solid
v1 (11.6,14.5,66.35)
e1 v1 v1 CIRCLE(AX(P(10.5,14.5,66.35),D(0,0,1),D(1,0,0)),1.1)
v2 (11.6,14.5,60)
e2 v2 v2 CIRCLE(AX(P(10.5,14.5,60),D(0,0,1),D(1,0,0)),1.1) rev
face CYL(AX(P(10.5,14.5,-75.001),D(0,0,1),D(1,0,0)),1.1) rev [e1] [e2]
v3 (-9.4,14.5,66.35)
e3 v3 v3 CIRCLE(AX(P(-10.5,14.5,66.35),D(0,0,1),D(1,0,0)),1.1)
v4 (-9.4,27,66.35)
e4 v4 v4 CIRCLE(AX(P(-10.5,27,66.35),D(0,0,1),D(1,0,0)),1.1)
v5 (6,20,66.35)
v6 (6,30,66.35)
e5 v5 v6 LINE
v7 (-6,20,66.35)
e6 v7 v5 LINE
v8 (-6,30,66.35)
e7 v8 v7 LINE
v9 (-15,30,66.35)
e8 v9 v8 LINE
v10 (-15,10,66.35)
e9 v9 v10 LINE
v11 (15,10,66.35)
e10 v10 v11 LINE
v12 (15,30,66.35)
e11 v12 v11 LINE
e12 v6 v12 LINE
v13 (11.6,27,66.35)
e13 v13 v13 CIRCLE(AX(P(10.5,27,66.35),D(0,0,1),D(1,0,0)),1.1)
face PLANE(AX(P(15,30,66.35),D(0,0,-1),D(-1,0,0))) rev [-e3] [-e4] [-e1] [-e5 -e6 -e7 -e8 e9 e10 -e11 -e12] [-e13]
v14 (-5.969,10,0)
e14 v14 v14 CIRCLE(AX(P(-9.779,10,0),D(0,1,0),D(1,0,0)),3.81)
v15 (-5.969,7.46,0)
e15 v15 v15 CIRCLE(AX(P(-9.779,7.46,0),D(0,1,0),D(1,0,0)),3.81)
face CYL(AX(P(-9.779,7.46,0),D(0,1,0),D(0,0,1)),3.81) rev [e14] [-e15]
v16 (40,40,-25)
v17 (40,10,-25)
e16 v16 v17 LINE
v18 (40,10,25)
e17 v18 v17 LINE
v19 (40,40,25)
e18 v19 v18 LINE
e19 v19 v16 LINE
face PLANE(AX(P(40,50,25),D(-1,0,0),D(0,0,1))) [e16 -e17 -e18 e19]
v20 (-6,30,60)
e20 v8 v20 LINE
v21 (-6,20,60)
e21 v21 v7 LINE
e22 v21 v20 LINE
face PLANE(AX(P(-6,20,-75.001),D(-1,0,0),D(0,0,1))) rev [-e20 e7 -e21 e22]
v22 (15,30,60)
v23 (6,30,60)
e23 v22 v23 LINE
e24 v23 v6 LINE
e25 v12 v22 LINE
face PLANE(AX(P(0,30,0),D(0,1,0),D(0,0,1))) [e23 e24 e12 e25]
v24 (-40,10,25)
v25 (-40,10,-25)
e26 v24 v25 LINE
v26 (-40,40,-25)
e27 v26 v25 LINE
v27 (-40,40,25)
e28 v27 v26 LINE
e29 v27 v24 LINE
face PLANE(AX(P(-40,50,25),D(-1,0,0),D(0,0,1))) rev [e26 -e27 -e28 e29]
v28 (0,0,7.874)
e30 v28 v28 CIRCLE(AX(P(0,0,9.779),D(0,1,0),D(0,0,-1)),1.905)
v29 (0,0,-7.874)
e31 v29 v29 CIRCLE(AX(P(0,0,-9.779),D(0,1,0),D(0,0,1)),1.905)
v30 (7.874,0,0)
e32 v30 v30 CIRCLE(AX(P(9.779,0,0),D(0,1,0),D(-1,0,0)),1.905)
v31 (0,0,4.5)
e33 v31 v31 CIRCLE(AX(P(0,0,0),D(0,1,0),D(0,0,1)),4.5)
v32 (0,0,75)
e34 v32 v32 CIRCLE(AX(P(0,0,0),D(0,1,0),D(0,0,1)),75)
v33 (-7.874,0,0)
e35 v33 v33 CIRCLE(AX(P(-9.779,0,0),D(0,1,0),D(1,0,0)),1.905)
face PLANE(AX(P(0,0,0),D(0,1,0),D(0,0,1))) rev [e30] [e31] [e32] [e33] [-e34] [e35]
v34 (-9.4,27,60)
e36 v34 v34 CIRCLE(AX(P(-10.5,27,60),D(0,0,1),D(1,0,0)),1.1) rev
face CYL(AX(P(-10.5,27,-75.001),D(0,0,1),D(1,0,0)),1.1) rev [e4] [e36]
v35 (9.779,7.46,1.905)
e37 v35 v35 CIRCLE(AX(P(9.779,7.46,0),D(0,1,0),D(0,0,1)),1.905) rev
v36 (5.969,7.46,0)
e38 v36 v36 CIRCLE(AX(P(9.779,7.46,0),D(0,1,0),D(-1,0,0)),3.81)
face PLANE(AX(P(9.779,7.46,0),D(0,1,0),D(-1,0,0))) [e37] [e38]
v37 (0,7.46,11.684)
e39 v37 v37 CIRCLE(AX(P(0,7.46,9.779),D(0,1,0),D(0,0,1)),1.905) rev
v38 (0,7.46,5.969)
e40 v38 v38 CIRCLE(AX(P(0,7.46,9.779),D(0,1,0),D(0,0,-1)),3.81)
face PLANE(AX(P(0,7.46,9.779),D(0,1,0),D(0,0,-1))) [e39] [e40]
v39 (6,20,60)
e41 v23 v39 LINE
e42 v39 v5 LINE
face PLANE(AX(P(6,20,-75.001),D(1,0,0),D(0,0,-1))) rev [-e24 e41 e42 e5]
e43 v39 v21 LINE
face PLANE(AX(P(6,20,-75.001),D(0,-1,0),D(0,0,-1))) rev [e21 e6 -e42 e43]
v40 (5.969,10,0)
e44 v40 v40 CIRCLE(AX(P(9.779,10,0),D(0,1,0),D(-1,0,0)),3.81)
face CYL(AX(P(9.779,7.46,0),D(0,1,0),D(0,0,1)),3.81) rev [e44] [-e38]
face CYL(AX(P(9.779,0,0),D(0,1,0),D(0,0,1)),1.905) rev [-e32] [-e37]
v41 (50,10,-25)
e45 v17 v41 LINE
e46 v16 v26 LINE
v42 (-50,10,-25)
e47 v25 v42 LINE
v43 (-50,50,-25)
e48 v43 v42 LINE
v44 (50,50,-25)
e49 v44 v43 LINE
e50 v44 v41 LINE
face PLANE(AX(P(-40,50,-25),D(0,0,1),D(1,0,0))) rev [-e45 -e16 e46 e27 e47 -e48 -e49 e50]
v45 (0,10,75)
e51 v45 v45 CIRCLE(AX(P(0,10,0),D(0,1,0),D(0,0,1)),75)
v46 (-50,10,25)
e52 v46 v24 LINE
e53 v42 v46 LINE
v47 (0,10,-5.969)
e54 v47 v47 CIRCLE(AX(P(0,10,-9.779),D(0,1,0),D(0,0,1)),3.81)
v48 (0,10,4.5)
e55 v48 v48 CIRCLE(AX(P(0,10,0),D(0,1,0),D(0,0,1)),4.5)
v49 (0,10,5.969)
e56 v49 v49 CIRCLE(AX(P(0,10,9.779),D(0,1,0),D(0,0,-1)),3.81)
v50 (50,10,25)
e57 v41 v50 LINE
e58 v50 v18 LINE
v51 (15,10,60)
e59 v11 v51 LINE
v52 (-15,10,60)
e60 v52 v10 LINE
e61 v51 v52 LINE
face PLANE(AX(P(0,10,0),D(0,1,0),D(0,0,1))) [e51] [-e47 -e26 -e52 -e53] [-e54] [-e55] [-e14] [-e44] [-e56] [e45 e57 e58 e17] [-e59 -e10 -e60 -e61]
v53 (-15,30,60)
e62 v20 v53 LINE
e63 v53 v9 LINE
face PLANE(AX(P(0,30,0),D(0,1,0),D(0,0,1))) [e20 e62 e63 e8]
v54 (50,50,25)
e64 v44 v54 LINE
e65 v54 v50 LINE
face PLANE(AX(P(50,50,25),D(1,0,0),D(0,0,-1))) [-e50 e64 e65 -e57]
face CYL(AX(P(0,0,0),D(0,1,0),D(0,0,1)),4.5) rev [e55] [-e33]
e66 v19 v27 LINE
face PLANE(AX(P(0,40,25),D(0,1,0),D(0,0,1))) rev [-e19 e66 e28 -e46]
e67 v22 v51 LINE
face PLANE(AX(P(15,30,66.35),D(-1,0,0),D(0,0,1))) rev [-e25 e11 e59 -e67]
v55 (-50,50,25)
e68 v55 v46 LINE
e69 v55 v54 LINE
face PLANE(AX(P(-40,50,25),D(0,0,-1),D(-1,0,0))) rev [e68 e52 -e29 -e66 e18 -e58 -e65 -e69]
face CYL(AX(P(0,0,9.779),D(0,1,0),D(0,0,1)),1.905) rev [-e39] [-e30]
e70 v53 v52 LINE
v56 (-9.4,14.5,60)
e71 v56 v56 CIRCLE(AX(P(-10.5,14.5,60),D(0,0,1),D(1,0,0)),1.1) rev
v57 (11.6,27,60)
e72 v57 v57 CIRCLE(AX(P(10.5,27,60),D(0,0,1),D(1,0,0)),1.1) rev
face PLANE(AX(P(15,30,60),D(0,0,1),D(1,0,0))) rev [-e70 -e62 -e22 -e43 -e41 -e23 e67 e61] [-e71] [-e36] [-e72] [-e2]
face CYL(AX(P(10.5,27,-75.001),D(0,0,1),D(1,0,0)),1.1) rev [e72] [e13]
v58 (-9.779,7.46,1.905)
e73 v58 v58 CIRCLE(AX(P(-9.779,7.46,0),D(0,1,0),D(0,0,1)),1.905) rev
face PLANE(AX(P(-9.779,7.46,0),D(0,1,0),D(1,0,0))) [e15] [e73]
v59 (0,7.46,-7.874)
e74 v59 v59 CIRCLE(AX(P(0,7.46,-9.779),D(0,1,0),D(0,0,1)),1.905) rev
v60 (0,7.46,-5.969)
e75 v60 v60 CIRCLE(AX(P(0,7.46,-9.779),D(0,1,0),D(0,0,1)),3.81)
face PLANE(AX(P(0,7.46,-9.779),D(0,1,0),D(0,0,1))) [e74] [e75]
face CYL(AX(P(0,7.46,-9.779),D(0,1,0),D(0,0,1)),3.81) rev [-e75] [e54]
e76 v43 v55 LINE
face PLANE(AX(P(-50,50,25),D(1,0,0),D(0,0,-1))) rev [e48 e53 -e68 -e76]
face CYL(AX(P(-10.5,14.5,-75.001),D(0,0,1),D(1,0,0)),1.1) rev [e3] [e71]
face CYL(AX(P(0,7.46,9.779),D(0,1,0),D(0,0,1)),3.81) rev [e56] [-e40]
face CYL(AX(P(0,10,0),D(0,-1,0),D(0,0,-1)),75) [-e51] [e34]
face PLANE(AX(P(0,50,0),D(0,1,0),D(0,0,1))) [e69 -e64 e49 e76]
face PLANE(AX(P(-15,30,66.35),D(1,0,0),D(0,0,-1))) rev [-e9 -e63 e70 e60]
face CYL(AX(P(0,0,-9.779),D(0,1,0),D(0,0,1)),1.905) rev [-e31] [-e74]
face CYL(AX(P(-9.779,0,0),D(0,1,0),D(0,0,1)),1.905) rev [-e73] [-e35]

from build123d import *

# Parameters (mm, degrees)
SKETCH1_R           = 75
BOSS_EXTRUDE1_DEPTH = 10
SKETCH2_R           = 1.905
CUT_EXTRUDE2_DEPTH  = 11
CIRPATTERN1_COUNT   = 4
SKETCH3_R           = 4.5
CUT_EXTRUDE3_DEPTH  = 11
SKETCH4_R           = 3.81
CUT_EXTRUDE4_DEPTH  = 2.54
CIRPATTERN2_COUNT   = 4
SKETCH5_W           = 10
SKETCH5_H           = 50
BOSS_EXTRUDE2_DEPTH = 40
SKETCH6_W           = 50
SKETCH6_H           = 10
BOSS_EXTRUDE3_DEPTH = 40
SKETCH7_W           = 30
SKETCH7_H           = 6.35
BOSS_EXTRUDE4_DEPTH = 20
CUT_EXTRUDE5_REACH  = 143.35
SKETCH8_R           = 1.1
SKETCH8_W           = 12
SKETCH8_H           = 20


with BuildPart() as part:
    # Sketch1 → Boss-Extrude1 (new body)
    with BuildSketch(Plane(origin=(0, 0, 0), x_dir=(1, 0, 0), z_dir=(0, 1, 0))):
        Circle(SKETCH1_R)
    extrude(amount=BOSS_EXTRUDE1_DEPTH)

    # Sketch2 → Cut-Extrude2 (cut, through all)
    with BuildSketch(Plane(origin=(0, 10, 0), x_dir=(1, 0, 0), z_dir=(0, 1, 0))):
        with Locations((0, 9.779)):
            Circle(SKETCH2_R)
    cut_extrude2 = extrude(amount=-CUT_EXTRUDE2_DEPTH, mode=Mode.SUBTRACT)

    # CirPattern1: Cut-Extrude2 ×4 about axis
    cirpattern1_axis = Axis((0, 0, 0), (0, 1, 0))
    for i in range(1, CIRPATTERN1_COUNT):
        add(cut_extrude2.rotate(cirpattern1_axis, i * 360 / CIRPATTERN1_COUNT), mode=Mode.SUBTRACT)

    # Sketch3 → Cut-Extrude3 (cut, through all)
    with BuildSketch(Plane(origin=(0, 10, 0), x_dir=(1, 0, 0), z_dir=(0, 1, 0))):
        Circle(SKETCH3_R)
    extrude(amount=-CUT_EXTRUDE3_DEPTH, mode=Mode.SUBTRACT)

    # Sketch4 → Cut-Extrude4 (cut)
    with BuildSketch(Plane(origin=(0, 10, 0), x_dir=(1, 0, 0), z_dir=(0, 1, 0))):
        with Locations((0, 9.779)):
            Circle(SKETCH4_R)
    cut_extrude4 = extrude(amount=-CUT_EXTRUDE4_DEPTH, mode=Mode.SUBTRACT)

    # CirPattern2: Cut-Extrude4 ×4 about axis
    cirpattern2_axis = Axis((0, 0, 0), (0, 1, 0))
    for i in range(1, CIRPATTERN2_COUNT):
        add(cut_extrude4.rotate(cirpattern2_axis, i * 360 / CIRPATTERN2_COUNT), mode=Mode.SUBTRACT)

    # Sketch5 → Boss-Extrude2 (add)
    with BuildSketch(Plane(origin=(0, 10, 0), x_dir=(1, 0, 0), z_dir=(0, 1, 0))):
        with Locations((-45, 0)):
            Rectangle(SKETCH5_W, SKETCH5_H)
    boss_extrude2 = extrude(amount=BOSS_EXTRUDE2_DEPTH)

    # Sketch6 → Boss-Extrude3 (add)
    with BuildSketch(Plane(origin=(-40, 0, 0), x_dir=(0, 0, -1), z_dir=(1, 0, 0))):
        with Locations((0, 45)):
            Rectangle(SKETCH6_W, SKETCH6_H)
    boss_extrude3 = extrude(amount=BOSS_EXTRUDE3_DEPTH)

    # Mirror1: Boss-Extrude2, Boss-Extrude3 across plane
    add(boss_extrude2.mirror(Plane(origin=(0, 0, 0), x_dir=(0, 0, 1), z_dir=(1, 0, 0))))
    add(boss_extrude3.mirror(Plane(origin=(0, 0, 0), x_dir=(0, 0, 1), z_dir=(1, 0, 0))))

    # Sketch7 → Boss-Extrude4 (add)
    with BuildSketch(Plane(origin=(0, 10, 0), x_dir=(1, 0, 0), z_dir=(0, 1, 0))):
        with Locations((0, -63.175)):
            Rectangle(SKETCH7_W, SKETCH7_H)
    extrude(amount=BOSS_EXTRUDE4_DEPTH)

    # Sketch8 → Cut-Extrude5 (cut, up to next)
    with BuildSketch(Plane.XY.offset(66.35), mode=Mode.PRIVATE) as cut_extrude5_sk1:
        with Locations((-10.5, 27)):
            Circle(SKETCH8_R)
    cut_extrude5_tool1 = extrude(cut_extrude5_sk1.sketch, amount=-CUT_EXTRUDE5_REACH, mode=Mode.PRIVATE) & part.part
    add(cut_extrude5_tool1.solids().sort_by_distance((-10.5, 27, 66.35))[0], mode=Mode.SUBTRACT)
    # Sketch8 → Cut-Extrude5 (cut, up to next)
    with BuildSketch(Plane.XY.offset(66.35), mode=Mode.PRIVATE) as cut_extrude5_sk2:
        with Locations((-10.5, 14.5)):
            Circle(SKETCH8_R)
    cut_extrude5_tool2 = extrude(cut_extrude5_sk2.sketch, amount=-CUT_EXTRUDE5_REACH, mode=Mode.PRIVATE) & part.part
    add(cut_extrude5_tool2.solids().sort_by_distance((-10.5, 14.5, 66.35))[0], mode=Mode.SUBTRACT)
    # Sketch8 → Cut-Extrude5 (cut, up to next)
    with BuildSketch(Plane.XY.offset(66.35), mode=Mode.PRIVATE) as cut_extrude5_sk3:
        with Locations((10.5, 27)):
            Circle(SKETCH8_R)
    cut_extrude5_tool3 = extrude(cut_extrude5_sk3.sketch, amount=-CUT_EXTRUDE5_REACH, mode=Mode.PRIVATE) & part.part
    add(cut_extrude5_tool3.solids().sort_by_distance((10.5, 27, 66.35))[0], mode=Mode.SUBTRACT)
    # Sketch8 → Cut-Extrude5 (cut, up to next)
    with BuildSketch(Plane.XY.offset(66.35), mode=Mode.PRIVATE) as cut_extrude5_sk4:
        with Locations((10.5, 14.5)):
            Circle(SKETCH8_R)
    cut_extrude5_tool4 = extrude(cut_extrude5_sk4.sketch, amount=-CUT_EXTRUDE5_REACH, mode=Mode.PRIVATE) & part.part
    add(cut_extrude5_tool4.solids().sort_by_distance((10.5, 14.5, 66.35))[0], mode=Mode.SUBTRACT)
    # Sketch8 → Cut-Extrude5 (cut, up to next)
    with BuildSketch(Plane.XY.offset(66.35), mode=Mode.PRIVATE) as cut_extrude5_sk5:
        with Locations((0, 30)):
            Rectangle(SKETCH8_W, SKETCH8_H)
    cut_extrude5_tool5 = extrude(cut_extrude5_sk5.sketch, amount=-CUT_EXTRUDE5_REACH, mode=Mode.PRIVATE) & part.part
    add(cut_extrude5_tool5.solids().sort_by_distance((0, 30, 66.35))[0], mode=Mode.SUBTRACT)


solid = part.part
